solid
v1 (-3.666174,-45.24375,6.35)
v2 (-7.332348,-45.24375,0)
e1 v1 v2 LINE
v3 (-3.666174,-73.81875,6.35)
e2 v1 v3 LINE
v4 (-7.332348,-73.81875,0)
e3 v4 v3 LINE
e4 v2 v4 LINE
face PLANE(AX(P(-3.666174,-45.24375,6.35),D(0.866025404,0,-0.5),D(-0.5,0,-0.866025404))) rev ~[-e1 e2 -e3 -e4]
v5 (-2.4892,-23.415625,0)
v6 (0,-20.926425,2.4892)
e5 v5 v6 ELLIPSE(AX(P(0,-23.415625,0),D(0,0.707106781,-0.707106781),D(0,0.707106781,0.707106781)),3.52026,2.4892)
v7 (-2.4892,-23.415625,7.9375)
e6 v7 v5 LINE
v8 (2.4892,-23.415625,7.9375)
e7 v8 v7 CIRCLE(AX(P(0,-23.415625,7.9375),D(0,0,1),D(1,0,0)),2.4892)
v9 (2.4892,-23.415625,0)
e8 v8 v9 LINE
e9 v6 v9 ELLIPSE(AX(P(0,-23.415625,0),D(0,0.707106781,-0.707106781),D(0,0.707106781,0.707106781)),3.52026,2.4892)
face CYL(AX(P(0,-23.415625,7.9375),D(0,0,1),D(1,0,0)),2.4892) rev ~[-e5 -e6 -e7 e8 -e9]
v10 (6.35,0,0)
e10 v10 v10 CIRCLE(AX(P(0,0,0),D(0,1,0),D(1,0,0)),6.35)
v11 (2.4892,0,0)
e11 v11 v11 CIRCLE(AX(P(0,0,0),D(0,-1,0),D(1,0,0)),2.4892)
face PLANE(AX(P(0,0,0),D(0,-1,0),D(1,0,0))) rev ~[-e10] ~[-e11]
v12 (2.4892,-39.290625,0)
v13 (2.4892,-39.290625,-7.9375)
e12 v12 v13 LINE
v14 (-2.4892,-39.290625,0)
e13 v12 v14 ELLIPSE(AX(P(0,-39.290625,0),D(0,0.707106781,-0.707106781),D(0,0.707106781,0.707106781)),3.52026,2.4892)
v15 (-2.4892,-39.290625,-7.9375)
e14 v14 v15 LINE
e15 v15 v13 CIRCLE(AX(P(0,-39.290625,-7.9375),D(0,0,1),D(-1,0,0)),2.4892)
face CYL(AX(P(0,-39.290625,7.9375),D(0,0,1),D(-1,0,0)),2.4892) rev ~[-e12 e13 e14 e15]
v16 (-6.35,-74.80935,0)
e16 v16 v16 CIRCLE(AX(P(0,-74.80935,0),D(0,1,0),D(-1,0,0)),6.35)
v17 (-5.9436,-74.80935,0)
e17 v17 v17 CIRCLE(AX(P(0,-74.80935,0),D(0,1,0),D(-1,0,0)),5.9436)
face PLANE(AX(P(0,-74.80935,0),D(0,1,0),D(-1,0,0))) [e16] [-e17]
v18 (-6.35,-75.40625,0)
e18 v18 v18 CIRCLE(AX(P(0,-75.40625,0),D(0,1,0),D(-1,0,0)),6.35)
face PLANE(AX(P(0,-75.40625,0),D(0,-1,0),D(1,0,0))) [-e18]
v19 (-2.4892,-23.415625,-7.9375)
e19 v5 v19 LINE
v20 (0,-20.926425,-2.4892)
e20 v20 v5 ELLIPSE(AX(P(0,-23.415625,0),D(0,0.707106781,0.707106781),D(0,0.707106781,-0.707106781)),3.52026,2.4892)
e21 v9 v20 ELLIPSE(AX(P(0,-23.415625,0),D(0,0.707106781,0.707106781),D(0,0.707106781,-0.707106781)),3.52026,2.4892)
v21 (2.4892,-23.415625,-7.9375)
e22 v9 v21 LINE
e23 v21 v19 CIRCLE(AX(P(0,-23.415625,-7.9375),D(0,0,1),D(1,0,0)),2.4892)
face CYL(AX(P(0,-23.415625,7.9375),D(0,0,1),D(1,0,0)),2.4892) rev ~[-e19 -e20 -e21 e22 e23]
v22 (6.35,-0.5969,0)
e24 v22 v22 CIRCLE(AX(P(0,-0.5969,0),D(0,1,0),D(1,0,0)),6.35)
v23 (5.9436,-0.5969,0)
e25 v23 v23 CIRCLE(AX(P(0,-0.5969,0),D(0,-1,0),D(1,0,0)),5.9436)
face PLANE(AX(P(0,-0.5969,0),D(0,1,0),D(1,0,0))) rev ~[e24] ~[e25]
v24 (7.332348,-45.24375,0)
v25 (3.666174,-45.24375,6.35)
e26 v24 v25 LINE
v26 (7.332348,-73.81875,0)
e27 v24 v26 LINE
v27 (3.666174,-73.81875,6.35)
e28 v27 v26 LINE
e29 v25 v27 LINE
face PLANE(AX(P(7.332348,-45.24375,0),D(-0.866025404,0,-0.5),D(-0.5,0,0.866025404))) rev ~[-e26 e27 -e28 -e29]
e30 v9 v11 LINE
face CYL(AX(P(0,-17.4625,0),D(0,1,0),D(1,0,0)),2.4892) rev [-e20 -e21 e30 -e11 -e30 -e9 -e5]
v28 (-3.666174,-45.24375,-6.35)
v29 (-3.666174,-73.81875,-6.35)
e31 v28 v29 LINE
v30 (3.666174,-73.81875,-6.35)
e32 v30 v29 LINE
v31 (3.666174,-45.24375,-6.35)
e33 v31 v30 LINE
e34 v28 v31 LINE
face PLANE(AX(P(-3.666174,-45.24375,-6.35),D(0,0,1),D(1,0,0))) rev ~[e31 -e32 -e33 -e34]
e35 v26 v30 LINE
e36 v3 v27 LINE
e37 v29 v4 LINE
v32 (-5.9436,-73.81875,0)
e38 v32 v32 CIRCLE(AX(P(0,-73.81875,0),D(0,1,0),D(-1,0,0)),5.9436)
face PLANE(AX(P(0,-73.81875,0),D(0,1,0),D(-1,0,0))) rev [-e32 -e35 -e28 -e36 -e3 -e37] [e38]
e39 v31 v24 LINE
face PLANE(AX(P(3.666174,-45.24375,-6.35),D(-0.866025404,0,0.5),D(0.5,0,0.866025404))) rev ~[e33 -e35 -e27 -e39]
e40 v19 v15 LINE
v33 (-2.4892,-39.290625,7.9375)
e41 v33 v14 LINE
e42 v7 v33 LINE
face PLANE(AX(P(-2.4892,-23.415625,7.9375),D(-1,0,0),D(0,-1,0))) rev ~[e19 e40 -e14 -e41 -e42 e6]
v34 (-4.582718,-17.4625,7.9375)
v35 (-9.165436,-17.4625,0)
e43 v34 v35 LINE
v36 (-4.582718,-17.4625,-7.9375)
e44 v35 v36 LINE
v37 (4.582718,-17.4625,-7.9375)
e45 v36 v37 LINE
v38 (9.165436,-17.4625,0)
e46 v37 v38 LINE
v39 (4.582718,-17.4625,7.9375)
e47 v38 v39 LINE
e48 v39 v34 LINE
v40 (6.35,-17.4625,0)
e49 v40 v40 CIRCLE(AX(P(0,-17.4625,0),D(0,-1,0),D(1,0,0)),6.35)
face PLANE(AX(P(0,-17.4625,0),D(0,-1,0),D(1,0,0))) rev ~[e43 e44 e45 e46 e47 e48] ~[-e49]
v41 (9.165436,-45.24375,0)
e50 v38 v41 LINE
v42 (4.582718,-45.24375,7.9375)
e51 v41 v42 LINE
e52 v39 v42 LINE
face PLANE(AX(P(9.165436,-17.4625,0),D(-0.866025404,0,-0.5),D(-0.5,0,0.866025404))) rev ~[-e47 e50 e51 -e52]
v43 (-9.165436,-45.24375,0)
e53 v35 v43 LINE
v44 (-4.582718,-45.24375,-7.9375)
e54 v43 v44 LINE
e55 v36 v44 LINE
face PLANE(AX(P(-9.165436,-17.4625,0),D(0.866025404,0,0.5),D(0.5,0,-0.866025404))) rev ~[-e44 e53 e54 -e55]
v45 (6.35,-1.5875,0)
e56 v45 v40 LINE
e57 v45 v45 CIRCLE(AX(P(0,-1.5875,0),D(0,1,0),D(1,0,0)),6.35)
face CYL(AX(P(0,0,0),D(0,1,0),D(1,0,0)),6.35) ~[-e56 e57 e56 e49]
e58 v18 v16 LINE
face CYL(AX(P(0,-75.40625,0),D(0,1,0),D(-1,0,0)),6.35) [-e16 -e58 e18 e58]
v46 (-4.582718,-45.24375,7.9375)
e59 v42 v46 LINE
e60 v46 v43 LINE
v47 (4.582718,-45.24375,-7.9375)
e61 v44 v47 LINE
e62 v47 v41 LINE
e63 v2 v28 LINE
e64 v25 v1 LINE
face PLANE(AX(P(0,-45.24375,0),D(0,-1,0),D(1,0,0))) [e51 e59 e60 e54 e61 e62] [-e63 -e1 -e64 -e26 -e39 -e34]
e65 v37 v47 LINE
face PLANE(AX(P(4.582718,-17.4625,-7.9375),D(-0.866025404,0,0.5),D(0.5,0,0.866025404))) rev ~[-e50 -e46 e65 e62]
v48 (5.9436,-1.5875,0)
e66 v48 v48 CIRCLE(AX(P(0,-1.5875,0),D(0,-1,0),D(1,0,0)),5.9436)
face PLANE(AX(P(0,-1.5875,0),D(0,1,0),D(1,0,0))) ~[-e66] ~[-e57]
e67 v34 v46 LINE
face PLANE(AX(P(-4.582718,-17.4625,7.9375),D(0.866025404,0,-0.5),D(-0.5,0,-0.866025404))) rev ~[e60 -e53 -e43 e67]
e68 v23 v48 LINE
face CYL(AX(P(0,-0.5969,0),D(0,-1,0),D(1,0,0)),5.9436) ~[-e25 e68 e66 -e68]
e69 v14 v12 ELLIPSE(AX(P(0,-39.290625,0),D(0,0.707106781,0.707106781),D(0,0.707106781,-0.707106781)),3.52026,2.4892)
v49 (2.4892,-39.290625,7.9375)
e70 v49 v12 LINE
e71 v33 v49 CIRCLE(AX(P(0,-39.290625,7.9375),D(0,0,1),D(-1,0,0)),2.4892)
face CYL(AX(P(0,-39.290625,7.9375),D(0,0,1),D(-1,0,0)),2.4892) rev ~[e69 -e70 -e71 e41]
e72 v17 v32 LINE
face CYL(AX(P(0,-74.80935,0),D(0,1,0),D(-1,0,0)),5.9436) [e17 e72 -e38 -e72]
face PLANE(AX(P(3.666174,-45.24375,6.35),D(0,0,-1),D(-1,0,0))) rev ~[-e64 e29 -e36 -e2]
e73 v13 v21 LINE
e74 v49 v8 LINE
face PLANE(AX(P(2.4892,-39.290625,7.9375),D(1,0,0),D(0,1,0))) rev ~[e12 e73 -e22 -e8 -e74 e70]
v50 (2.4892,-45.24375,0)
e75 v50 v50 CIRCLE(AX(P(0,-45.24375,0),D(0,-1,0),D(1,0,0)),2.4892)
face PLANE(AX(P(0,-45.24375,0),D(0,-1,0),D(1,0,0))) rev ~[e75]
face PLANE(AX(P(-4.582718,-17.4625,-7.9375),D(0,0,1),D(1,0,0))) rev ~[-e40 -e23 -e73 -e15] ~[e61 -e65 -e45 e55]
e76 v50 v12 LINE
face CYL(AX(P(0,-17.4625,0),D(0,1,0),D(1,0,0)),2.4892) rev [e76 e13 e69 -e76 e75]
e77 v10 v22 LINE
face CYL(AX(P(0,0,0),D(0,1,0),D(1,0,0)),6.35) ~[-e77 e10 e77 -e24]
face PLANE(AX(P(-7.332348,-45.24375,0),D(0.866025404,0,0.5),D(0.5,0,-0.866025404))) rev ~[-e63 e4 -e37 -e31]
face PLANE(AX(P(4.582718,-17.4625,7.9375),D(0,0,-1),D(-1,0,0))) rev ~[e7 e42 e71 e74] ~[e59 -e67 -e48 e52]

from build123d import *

# Parameters (mm, degrees)
F0_R     = 6.35
F0_R_2   = 2.4892
F1_DEPTH = 17.4625
F2_R     = 2.4892
F3_DEPTH = 27.78125
F5_DEPTH = 15.876
F7_DEPTH = 30.1625


with BuildPart() as f1:
    # F0 (on Front) → F1 (new body)
    with BuildSketch(Plane.XZ):
        Circle(F0_R)
        Circle(F0_R_2, mode=Mode.SUBTRACT)
    extrude(amount=F1_DEPTH)

    # F2 (on face) → F3 (join)
    with BuildSketch(Plane.XZ.offset(17.4625)):
        Polygon((4.5827177617, 7.9375), (-4.5827177617, 7.9375), (-9.1654355234, 0), (-4.5827177617, -7.9375), (4.5827177617, -7.9375), (9.1654355234, 0), align=None)
        Circle(F2_R, mode=Mode.SUBTRACT)
    extrude(amount=F3_DEPTH)

    # F4 (on face) → F5 (cut, through all)
    with BuildSketch(Plane.XY.offset(7.9375)):
        with BuildLine():
            ThreePointArc((2.4892, -23.415625), (0, -20.926425), (-2.4892, -23.415625))
            Line((-2.4892, -23.415625), (-2.4892, -39.290625))
            ThreePointArc((-2.4892, -39.290625), (0, -41.779825), (2.4892, -39.290625))
            Line((2.4892, -39.290625), (2.4892, -23.415625))
        make_face()
    extrude(amount=-F5_DEPTH, mode=Mode.SUBTRACT)

    # F6 (on face) → F7 (join)
    with BuildSketch(Plane.XZ.offset(45.24375)):
        Polygon((-3.6661742094, -6.35), (3.6661742094, -6.35), (7.3323484187, 0), (3.6661742094, 6.35), (-3.6661742094, 6.35), (-7.3323484187, 0), align=None)
    extrude(amount=F7_DEPTH)

    # F8 (on Top) → F9 (revolve, cut)
    with BuildSketch(Plane.XY):
        Polygon((-7.3323484187, -75.40625), (-6.35, -75.40625), (-6.35, -74.80935), (-5.9436, -74.80935), (-5.9436, -73.81875), (-7.3323484187, -73.81875), align=None)
        Polygon((6.35, -74.80935), (6.35, -75.40625), (7.3323484187, -75.40625), (7.3323484187, -73.81875), (5.9436, -73.81875), (5.9436, -74.80935), align=None)
        Polygon((7.3323484187, -1.5875), (7.3323484187, 0), (6.35, 0), (6.35, -0.5969), (5.9436, -0.5969), (5.9436, -1.5875), align=None)
        Polygon((-5.9436, -0.5969), (-6.35, -0.5969), (-6.35, 0), (-7.3323484187, 0), (-7.3323484187, -1.5875), (-5.9436, -1.5875), align=None)
    revolve(axis=Axis((0, -37.703125, 0), (0, 1, 0)), mode=Mode.SUBTRACT)


solid = f1.part
